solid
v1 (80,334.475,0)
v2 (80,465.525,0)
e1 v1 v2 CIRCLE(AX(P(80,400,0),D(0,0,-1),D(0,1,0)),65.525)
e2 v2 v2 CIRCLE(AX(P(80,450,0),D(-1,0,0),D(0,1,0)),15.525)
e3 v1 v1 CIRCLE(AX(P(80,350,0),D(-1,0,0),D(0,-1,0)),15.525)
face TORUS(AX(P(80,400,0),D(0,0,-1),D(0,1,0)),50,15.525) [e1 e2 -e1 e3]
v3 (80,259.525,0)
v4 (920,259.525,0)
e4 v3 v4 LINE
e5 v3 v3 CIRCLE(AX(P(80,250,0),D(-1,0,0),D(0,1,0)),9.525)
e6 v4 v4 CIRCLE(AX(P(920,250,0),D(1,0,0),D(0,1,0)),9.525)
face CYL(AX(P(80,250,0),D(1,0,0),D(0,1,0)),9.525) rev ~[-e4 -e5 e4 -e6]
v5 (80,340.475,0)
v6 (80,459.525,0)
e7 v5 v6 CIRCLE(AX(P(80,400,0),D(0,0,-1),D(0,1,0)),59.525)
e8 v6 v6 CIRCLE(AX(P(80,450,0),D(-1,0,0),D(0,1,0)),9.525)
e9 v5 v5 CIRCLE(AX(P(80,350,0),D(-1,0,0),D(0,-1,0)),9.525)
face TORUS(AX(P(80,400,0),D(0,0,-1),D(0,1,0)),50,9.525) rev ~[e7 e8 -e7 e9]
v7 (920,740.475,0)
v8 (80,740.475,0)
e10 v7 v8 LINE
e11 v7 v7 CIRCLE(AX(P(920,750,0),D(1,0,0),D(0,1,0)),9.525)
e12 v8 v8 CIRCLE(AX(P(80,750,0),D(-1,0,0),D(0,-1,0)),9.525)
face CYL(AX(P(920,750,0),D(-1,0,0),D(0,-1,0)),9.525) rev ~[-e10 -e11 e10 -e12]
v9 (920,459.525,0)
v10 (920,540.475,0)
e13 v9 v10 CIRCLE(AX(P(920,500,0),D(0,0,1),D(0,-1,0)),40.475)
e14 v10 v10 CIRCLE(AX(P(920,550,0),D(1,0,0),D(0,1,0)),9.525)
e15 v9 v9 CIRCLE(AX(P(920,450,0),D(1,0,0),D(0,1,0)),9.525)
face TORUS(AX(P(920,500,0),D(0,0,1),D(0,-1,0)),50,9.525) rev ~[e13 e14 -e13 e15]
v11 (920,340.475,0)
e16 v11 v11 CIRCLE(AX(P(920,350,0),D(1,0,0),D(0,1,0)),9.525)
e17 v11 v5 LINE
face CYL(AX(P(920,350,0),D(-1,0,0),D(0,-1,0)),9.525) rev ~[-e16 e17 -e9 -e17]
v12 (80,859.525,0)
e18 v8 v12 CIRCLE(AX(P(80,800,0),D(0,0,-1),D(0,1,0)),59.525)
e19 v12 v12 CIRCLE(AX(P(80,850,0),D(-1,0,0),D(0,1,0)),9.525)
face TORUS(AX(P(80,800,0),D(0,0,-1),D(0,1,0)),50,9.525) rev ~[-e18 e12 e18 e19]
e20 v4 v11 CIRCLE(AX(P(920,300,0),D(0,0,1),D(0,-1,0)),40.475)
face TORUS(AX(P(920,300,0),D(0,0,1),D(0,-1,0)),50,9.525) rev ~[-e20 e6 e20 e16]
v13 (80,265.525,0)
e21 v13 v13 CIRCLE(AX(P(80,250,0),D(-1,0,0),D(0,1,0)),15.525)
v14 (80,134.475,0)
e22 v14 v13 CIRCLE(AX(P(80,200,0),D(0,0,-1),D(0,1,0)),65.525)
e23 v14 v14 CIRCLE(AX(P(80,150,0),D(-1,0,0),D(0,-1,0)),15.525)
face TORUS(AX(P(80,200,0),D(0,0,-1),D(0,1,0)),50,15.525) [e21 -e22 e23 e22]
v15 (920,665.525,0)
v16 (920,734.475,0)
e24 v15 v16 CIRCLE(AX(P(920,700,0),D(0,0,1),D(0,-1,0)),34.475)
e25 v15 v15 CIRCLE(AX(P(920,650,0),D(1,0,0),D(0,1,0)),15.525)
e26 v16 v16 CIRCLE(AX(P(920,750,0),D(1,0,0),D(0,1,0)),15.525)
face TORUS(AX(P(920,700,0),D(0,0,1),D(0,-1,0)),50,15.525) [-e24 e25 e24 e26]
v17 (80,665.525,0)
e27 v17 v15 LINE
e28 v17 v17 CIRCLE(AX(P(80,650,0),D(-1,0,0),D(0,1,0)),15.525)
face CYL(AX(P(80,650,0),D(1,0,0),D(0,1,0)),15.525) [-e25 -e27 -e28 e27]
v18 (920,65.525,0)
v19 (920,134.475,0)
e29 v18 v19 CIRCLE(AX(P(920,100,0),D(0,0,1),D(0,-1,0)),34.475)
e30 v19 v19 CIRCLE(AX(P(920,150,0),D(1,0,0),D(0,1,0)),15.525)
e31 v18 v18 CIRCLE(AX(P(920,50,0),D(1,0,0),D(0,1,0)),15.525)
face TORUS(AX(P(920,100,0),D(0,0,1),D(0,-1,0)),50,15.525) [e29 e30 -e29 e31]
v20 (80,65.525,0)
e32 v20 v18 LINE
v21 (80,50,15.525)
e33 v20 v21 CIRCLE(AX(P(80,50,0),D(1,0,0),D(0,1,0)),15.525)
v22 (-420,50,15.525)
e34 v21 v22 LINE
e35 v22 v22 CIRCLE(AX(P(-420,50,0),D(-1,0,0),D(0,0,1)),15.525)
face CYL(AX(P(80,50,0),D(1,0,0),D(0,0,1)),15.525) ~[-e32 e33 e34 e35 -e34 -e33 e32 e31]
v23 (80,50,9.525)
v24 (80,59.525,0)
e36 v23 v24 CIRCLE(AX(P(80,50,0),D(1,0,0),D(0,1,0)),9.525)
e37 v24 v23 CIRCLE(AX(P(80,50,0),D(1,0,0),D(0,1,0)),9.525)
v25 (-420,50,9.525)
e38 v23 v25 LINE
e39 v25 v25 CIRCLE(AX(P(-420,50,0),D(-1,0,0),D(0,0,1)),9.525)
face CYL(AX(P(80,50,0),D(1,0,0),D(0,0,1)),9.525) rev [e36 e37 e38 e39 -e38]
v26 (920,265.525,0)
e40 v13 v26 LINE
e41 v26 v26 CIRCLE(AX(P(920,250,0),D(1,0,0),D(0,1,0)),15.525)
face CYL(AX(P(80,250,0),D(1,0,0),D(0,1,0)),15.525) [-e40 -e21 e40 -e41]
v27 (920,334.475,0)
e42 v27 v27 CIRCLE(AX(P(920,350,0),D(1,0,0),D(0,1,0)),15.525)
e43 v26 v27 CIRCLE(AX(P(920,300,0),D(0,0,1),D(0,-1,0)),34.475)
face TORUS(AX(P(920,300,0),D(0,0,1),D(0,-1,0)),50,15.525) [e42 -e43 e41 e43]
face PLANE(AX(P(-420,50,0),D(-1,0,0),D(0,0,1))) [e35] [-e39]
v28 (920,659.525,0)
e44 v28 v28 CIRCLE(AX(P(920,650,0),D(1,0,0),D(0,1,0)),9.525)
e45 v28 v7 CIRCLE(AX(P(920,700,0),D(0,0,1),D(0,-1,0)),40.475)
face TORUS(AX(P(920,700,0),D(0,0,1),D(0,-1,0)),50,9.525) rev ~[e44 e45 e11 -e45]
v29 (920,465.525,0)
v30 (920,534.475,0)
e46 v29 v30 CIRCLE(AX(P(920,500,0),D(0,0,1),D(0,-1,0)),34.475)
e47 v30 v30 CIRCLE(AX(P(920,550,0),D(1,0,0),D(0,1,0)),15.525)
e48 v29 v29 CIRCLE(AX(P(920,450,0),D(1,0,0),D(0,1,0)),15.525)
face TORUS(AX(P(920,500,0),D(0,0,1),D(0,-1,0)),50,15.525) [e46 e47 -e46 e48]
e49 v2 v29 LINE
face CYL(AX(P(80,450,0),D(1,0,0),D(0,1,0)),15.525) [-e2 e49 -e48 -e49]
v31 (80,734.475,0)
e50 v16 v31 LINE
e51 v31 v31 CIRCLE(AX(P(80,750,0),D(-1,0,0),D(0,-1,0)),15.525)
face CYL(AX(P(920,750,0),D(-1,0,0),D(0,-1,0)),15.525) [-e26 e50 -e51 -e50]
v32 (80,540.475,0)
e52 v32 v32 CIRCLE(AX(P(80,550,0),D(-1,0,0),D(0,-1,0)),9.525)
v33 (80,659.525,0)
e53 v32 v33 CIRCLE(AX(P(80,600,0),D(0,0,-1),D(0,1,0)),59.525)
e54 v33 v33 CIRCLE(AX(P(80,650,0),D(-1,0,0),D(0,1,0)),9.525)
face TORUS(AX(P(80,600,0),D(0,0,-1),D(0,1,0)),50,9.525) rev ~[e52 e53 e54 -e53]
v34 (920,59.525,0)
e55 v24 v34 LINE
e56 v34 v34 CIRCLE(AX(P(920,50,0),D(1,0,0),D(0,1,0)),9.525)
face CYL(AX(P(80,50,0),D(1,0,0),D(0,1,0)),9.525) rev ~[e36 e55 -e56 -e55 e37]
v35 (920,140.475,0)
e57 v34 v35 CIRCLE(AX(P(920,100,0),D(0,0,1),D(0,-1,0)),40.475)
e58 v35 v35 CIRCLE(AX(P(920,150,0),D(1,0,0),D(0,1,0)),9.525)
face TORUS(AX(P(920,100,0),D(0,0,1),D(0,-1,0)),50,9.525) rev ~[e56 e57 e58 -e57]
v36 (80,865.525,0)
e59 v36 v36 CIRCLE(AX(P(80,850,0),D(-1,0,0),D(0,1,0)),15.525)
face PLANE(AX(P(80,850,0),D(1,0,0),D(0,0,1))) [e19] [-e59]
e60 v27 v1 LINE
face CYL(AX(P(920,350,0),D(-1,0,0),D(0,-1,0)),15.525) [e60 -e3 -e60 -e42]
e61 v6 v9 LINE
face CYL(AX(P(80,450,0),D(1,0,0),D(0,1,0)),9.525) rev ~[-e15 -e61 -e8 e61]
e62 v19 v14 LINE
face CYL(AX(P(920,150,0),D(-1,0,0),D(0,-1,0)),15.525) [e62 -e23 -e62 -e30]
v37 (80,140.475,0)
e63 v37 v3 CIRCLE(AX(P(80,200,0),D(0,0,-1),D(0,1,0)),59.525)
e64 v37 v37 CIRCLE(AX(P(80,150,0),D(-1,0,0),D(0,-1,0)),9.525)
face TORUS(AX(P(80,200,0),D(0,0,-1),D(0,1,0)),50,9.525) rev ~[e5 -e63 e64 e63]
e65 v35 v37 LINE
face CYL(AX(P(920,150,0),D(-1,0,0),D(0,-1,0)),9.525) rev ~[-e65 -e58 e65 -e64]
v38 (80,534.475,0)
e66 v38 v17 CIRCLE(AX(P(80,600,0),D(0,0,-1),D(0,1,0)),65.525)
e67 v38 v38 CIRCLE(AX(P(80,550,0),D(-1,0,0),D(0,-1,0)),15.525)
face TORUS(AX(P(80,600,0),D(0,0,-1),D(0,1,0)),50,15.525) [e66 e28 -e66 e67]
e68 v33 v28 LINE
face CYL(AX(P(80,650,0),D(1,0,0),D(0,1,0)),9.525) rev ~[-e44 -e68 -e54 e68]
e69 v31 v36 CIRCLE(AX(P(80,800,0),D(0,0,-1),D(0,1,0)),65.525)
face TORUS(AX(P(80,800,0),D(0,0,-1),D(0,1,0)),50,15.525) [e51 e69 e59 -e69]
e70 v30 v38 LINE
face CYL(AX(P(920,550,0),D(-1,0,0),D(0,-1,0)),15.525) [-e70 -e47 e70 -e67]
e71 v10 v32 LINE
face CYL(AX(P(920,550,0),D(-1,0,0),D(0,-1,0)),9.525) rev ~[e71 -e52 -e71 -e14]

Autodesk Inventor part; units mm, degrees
ref_plane "XZ Plane" through (0, 0, 0) normal (0, 1, 0) x (-1, 0, 0)
ref_plane "XY Plane" through (0, 0, 0) normal (0, 0, 1) x (1, 0, 0)
sketch "Esboço3" plane through (0, 0, 0) normal (0, 0, 1) x (1, 0, 0)
  line L0 (0, 0) -> (1000, 0)
  line L1 (1000, 0) -> (1000, 1000)
  line L2 (1000, 1000) -> (0, 1000)
  line L3 (0, 1000) -> (0, 0)
  line L4 (80, 50) -> (920, 50)
  arc A0 (920, 50) -> (920, 150) centre (920, 100) ccw
  line L5 (920, 150) -> (80, 150)
  arc A1 (80, 250) -> (80, 150) centre (80, 200) ccw
  line L6 (80, 250) -> (920, 250)
  arc A2 (920, 250) -> (920, 350) centre (920, 300) ccw
  line L7 (920, 350) -> (80, 350)
  arc A3 (80, 450) -> (80, 350) centre (80, 400) ccw
  line L8 (80, 450) -> (920, 450)
  arc A4 (920, 450) -> (920, 550) centre (920, 500) ccw
  line L9 (920, 550) -> (80, 550)
  arc A5 (80, 650) -> (80, 550) centre (80, 600) ccw
  line L10 (80, 650) -> (920, 650)
  arc A6 (920, 650) -> (920, 750) centre (920, 700) ccw
  line L11 (920, 750) -> (80, 750)
  arc A7 (80, 850) -> (80, 750) centre (80, 800) ccw
  line L12 (80, 850) -> (1072.3642, 850)
  dimension "d18" = 1000
  dimension "d19" = 1000
  dimension "d20" = 50
  dimension "d21" = 50
  dimension "d23" = 50
  dimension "d24" = 80
  dimension "d25" = 80
  dimension "d28" = 200
  dimension "d33" = 80
ref_plane "Plano de trabalho3" through (80, 50, 0) normal (1, 0, 0) x (0, 1, 0)
sketch "Esboço5" plane through (80, 50, 0) normal (1, 0, 0) x (0, 1, 0)
  circle A0 centre (0, 0) radius 15.525
  circle A1 centre (0, 0) radius 9.525
  point P0 (-50, 0)
  dimension "d36" = 19.05
  dimension "d37" = 6
sweep "Varredura1" add profiles "Esboço5" path "Esboço3" path curves L4 A0 L5 A1
pattern_linear "Padrão retangular1" count 4 spacing 200 along (0, 1, 0) of "Varredura1"
sketch "Esboço6" plane through (80, 50, 0) normal (-1, 0, 0) x (0, 0, 1)
  circle A0 centre (0, 0) radius 9.525 projected
  circle A1 centre (0, 0) radius 15.525 projected
  point P0 (0, -50)
extrude "Extrusão1" add sketch "Esboço6" along normal blind 500
properties part number "serpInf"
